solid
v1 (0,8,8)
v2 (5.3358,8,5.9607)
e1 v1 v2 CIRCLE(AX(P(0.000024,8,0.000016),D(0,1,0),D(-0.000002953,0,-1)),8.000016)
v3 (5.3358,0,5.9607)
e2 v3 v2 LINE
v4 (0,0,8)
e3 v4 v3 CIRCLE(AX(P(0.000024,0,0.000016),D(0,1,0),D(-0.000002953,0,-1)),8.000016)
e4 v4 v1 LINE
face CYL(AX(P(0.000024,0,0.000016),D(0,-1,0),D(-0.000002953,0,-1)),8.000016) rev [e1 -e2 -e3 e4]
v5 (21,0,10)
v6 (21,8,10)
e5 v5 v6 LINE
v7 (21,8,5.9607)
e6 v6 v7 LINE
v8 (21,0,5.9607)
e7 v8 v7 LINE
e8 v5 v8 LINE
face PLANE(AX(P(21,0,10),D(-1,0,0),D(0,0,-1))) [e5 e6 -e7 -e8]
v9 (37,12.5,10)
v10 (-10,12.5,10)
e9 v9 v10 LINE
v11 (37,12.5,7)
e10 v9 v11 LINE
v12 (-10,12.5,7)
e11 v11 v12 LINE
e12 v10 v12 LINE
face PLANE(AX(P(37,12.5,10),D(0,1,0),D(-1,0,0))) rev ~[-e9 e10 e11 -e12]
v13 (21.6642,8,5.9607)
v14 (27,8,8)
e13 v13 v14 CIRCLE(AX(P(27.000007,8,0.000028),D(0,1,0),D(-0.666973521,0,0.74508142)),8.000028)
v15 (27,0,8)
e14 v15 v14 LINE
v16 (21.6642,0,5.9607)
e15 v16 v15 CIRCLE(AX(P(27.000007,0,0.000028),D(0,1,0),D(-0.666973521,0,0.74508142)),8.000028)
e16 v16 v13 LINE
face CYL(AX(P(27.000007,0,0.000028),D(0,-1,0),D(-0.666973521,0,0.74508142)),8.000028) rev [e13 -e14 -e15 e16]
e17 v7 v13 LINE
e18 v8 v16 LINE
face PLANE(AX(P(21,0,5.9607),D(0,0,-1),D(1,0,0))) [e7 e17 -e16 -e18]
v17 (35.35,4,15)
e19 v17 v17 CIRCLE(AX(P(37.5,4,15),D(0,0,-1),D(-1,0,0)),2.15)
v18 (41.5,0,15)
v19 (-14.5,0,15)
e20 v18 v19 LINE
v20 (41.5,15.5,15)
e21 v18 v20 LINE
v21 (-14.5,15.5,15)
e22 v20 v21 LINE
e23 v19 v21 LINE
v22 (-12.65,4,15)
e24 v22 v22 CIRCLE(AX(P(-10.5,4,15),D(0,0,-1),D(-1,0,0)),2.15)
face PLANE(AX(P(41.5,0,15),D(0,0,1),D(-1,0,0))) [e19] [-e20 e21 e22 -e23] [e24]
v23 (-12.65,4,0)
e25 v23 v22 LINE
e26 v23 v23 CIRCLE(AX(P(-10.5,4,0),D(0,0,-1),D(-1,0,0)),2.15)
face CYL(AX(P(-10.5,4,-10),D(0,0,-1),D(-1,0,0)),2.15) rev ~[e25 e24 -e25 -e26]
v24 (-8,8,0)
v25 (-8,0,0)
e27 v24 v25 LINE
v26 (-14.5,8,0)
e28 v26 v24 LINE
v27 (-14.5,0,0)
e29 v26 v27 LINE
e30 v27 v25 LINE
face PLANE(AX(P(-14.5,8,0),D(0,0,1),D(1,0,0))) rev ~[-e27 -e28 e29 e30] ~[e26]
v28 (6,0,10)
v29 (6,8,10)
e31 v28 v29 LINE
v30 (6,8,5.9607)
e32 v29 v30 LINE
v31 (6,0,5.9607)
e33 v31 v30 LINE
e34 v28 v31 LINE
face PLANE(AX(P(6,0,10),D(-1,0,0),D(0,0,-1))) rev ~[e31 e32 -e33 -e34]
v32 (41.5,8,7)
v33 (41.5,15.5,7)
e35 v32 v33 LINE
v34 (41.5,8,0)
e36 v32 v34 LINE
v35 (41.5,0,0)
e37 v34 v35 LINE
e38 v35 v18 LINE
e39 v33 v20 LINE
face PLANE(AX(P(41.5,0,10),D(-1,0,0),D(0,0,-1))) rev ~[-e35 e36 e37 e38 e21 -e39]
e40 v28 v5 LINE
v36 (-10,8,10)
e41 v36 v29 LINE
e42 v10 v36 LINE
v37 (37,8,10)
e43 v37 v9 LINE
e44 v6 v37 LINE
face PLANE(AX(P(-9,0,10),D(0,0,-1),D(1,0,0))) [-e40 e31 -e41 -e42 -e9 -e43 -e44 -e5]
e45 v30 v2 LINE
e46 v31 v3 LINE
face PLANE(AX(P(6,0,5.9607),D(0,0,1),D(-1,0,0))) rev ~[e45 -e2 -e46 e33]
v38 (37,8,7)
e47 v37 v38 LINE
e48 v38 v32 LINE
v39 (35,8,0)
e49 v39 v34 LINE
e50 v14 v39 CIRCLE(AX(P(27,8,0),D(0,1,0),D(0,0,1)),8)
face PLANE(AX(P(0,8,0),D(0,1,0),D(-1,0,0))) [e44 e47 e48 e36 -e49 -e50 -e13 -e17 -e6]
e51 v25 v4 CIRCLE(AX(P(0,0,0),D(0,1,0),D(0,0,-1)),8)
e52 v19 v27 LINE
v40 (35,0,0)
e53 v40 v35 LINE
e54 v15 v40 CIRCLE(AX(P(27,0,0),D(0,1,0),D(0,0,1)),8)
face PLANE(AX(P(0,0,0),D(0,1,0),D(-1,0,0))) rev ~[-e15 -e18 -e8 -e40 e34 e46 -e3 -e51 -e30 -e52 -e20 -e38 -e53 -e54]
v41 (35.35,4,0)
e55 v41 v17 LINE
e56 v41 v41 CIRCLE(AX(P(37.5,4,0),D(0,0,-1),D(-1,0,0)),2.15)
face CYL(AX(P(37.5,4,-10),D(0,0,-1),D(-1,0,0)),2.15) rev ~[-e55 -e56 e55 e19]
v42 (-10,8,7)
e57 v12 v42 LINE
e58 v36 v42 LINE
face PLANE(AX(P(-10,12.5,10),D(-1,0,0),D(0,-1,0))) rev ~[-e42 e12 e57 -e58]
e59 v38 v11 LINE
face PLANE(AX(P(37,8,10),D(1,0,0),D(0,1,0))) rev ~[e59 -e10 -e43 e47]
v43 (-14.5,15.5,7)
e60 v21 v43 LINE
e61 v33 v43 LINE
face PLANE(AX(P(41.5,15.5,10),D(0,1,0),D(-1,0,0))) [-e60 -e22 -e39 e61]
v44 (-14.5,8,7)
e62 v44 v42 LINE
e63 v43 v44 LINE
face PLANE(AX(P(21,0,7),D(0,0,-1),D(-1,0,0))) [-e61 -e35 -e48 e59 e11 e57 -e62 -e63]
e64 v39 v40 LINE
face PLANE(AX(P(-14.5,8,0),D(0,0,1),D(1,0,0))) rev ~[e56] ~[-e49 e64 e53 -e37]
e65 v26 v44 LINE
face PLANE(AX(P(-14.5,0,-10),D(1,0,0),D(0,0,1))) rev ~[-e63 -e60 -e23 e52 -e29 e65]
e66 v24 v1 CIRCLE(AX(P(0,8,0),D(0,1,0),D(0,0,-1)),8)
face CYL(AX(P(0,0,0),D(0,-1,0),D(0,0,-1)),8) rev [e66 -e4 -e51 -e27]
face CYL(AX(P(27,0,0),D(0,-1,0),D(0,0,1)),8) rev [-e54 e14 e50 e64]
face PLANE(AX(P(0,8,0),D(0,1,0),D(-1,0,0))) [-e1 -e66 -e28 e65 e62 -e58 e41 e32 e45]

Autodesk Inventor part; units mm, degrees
ref_plane "YZ Plane" through (0, 0, 0) normal (1, 0, 0) x (0, 1, 0)
ref_plane "XZ Plane" through (0, 0, 0) normal (0, 1, 0) x (-1, 0, 0)
ref_plane "XY Plane" through (0, 0, 0) normal (0, 0, 1) x (1, 0, 0)
sketch "Sketch1" plane through (0, 0, 0) normal (0, 1, 0) x (-1, 0, 0)
  line L0 (0, 0) -> (-27, 0) construction
  line L1 (-27, -8) -> (0, -8)
  arc A0 (0, -8) -> (0, 8) centre (0, 0) ccw
  arc A1 (-27, 8) -> (-27, -8) centre (-27, 0) ccw
  line L2 (14.5, 10) -> (-41.5, 10)
  line L3 (-41.5, 10) -> (-41.5, -10)
  line L4 (-41.5, -10) -> (14.5, -10)
  line L5 (14.5, -10) -> (14.5, 10)
  line L6 (14.5, 10) -> (-41.5, -10) construction
  line L7 (-41.5, 10) -> (14.5, -10) construction
  line L8 (14.5, 10) -> (-41.5, 10)
  line L9 (-41.5, 10) -> (-41.5, 15)
  line L10 (-41.5, 15) -> (14.5, 15)
  line L11 (14.5, 15) -> (14.5, 10)
  arc A2 (0, -8) -> (-5.3358, 5.9607) centre (0, 0) ccw
  arc A3 (-21.6642, 5.9607) -> (-27, -8) centre (-27, 0) ccw
  line L12 (9, -10) -> (-36, -10)
  line L13 (-36, -10) -> (-36, 10) construction
  line L14 (-36, 10) -> (9, 10)
  line L15 (9, 10) -> (9, -10) construction
  line L16 (9, -10) -> (-36, 10) construction
  line L17 (-36, -10) -> (9, 10) construction
  line L18 (9, 10) -> (-6, 10)
  line L19 (-6, 10) -> (-6, 5.9607)
  line L20 (-36, 10) -> (-21, 10)
  line L21 (-21, 10) -> (-21, 5.9607)
  line L22 (-5.3358, 5.9607) -> (-21.6642, 5.9607) construction
  line L23 (-21, 5.9607) -> (-21.6642, 5.9607)
  line L24 (-6, 5.9607) -> (-5.3358, 5.9607)
  point P0 (-13.5, 0)
  point P1 (-27, 8)
  point P2 (0, 8)
  dimension "d0" = 27
  dimension "d1" = 16
  dimension "d2" = 56
  dimension "d3" = 20
  dimension "d4" = 5
  dimension "d5" = 45
  dimension "d6" = 15
  dimension "d7" = 15
extrude "Extrusion1" add sketch "Sketch1" along normal blind 8 contours L1 A0 A2 L24 L19 L2 L5 L4 L3 L21 L23 A3 A1
extrude "Extrusion2" add sketch "Sketch1" along normal blind 15.5 contours L2 L9 L10 L11
sketch "Sketch2" plane through (21, 0, 10) normal (0, 0, -1) x (-1, 0, 0)
  line L0 (35.5, 8) -> (15, 8) projected
  line L1 (-20.5, 8) -> (-20.5, 15.5) projected
  line L2 (35.5, 8) -> (-20.5, 8)
  line L3 (-20.5, 8) -> (-20.5, 15.5)
  line L4 (-20.5, 15.5) -> (35.5, 15.5)
  line L5 (35.5, 15.5) -> (35.5, 8)
  line L6 (31, 8) -> (-16, 8)
  line L7 (-16, 8) -> (-16, 12.5)
  line L8 (-16, 12.5) -> (31, 12.5)
  line L9 (31, 12.5) -> (31, 8)
  line L10 (-20.5, 8) -> (35.5, 8) projected
  point P0 (21, 0)
  point P1 (7.5, 8)
  dimension "d12" = 47
  dimension "d13" = 4.5
extrude "Extrusion3" add sketch "Sketch2" along normal blind 3 contours L0 L9 L8 L7 L2 L1 L4 L5
sketch "Sketch3" plane through (41.5, 0, -10) normal (0, 0, -1) x (-1, 0, 0)
  circle A0 centre (52, 4) radius 2.15
  line L0 (56, 0) -> (56, 8) projected
  line L1 (0, 0) -> (56, 0) projected
  circle A1 centre (4, 4) radius 2.15
  line L2 (0, 0) -> (0, 8) projected
  point P0 (41.5, 0)
  dimension "d16" = 4.3
  dimension "d17" = 4
  dimension "d18" = 4
  dimension "d19" = 4.3
  dimension "d20" = 4
  dimension "d21" = 4
extrude "Extrusion4" cut sketch "Sketch3" against normal blind 32
sketch "Sketch5" plane through (0, 8, 0) normal (0, 1, 0) x (1, 0, 0)
  line L0 (-14.5, 10) -> (-14.5, -15) projected
  line L1 (41.5, 10) -> (-14.5, 10) projected
  line L2 (-14.5, 0) -> (41.5, 0)
  line L3 (41.5, 0) -> (41.5, 10)
  line L4 (41.5, 10) -> (-14.5, 10)
  line L5 (-14.5, 10) -> (-14.5, 0)
  point P0 (0, 0)
extrude "Extrusion6" cut sketch "Sketch5" against normal blind 10
properties part number "Ultrasonic_sensor_frame_Buttom"
